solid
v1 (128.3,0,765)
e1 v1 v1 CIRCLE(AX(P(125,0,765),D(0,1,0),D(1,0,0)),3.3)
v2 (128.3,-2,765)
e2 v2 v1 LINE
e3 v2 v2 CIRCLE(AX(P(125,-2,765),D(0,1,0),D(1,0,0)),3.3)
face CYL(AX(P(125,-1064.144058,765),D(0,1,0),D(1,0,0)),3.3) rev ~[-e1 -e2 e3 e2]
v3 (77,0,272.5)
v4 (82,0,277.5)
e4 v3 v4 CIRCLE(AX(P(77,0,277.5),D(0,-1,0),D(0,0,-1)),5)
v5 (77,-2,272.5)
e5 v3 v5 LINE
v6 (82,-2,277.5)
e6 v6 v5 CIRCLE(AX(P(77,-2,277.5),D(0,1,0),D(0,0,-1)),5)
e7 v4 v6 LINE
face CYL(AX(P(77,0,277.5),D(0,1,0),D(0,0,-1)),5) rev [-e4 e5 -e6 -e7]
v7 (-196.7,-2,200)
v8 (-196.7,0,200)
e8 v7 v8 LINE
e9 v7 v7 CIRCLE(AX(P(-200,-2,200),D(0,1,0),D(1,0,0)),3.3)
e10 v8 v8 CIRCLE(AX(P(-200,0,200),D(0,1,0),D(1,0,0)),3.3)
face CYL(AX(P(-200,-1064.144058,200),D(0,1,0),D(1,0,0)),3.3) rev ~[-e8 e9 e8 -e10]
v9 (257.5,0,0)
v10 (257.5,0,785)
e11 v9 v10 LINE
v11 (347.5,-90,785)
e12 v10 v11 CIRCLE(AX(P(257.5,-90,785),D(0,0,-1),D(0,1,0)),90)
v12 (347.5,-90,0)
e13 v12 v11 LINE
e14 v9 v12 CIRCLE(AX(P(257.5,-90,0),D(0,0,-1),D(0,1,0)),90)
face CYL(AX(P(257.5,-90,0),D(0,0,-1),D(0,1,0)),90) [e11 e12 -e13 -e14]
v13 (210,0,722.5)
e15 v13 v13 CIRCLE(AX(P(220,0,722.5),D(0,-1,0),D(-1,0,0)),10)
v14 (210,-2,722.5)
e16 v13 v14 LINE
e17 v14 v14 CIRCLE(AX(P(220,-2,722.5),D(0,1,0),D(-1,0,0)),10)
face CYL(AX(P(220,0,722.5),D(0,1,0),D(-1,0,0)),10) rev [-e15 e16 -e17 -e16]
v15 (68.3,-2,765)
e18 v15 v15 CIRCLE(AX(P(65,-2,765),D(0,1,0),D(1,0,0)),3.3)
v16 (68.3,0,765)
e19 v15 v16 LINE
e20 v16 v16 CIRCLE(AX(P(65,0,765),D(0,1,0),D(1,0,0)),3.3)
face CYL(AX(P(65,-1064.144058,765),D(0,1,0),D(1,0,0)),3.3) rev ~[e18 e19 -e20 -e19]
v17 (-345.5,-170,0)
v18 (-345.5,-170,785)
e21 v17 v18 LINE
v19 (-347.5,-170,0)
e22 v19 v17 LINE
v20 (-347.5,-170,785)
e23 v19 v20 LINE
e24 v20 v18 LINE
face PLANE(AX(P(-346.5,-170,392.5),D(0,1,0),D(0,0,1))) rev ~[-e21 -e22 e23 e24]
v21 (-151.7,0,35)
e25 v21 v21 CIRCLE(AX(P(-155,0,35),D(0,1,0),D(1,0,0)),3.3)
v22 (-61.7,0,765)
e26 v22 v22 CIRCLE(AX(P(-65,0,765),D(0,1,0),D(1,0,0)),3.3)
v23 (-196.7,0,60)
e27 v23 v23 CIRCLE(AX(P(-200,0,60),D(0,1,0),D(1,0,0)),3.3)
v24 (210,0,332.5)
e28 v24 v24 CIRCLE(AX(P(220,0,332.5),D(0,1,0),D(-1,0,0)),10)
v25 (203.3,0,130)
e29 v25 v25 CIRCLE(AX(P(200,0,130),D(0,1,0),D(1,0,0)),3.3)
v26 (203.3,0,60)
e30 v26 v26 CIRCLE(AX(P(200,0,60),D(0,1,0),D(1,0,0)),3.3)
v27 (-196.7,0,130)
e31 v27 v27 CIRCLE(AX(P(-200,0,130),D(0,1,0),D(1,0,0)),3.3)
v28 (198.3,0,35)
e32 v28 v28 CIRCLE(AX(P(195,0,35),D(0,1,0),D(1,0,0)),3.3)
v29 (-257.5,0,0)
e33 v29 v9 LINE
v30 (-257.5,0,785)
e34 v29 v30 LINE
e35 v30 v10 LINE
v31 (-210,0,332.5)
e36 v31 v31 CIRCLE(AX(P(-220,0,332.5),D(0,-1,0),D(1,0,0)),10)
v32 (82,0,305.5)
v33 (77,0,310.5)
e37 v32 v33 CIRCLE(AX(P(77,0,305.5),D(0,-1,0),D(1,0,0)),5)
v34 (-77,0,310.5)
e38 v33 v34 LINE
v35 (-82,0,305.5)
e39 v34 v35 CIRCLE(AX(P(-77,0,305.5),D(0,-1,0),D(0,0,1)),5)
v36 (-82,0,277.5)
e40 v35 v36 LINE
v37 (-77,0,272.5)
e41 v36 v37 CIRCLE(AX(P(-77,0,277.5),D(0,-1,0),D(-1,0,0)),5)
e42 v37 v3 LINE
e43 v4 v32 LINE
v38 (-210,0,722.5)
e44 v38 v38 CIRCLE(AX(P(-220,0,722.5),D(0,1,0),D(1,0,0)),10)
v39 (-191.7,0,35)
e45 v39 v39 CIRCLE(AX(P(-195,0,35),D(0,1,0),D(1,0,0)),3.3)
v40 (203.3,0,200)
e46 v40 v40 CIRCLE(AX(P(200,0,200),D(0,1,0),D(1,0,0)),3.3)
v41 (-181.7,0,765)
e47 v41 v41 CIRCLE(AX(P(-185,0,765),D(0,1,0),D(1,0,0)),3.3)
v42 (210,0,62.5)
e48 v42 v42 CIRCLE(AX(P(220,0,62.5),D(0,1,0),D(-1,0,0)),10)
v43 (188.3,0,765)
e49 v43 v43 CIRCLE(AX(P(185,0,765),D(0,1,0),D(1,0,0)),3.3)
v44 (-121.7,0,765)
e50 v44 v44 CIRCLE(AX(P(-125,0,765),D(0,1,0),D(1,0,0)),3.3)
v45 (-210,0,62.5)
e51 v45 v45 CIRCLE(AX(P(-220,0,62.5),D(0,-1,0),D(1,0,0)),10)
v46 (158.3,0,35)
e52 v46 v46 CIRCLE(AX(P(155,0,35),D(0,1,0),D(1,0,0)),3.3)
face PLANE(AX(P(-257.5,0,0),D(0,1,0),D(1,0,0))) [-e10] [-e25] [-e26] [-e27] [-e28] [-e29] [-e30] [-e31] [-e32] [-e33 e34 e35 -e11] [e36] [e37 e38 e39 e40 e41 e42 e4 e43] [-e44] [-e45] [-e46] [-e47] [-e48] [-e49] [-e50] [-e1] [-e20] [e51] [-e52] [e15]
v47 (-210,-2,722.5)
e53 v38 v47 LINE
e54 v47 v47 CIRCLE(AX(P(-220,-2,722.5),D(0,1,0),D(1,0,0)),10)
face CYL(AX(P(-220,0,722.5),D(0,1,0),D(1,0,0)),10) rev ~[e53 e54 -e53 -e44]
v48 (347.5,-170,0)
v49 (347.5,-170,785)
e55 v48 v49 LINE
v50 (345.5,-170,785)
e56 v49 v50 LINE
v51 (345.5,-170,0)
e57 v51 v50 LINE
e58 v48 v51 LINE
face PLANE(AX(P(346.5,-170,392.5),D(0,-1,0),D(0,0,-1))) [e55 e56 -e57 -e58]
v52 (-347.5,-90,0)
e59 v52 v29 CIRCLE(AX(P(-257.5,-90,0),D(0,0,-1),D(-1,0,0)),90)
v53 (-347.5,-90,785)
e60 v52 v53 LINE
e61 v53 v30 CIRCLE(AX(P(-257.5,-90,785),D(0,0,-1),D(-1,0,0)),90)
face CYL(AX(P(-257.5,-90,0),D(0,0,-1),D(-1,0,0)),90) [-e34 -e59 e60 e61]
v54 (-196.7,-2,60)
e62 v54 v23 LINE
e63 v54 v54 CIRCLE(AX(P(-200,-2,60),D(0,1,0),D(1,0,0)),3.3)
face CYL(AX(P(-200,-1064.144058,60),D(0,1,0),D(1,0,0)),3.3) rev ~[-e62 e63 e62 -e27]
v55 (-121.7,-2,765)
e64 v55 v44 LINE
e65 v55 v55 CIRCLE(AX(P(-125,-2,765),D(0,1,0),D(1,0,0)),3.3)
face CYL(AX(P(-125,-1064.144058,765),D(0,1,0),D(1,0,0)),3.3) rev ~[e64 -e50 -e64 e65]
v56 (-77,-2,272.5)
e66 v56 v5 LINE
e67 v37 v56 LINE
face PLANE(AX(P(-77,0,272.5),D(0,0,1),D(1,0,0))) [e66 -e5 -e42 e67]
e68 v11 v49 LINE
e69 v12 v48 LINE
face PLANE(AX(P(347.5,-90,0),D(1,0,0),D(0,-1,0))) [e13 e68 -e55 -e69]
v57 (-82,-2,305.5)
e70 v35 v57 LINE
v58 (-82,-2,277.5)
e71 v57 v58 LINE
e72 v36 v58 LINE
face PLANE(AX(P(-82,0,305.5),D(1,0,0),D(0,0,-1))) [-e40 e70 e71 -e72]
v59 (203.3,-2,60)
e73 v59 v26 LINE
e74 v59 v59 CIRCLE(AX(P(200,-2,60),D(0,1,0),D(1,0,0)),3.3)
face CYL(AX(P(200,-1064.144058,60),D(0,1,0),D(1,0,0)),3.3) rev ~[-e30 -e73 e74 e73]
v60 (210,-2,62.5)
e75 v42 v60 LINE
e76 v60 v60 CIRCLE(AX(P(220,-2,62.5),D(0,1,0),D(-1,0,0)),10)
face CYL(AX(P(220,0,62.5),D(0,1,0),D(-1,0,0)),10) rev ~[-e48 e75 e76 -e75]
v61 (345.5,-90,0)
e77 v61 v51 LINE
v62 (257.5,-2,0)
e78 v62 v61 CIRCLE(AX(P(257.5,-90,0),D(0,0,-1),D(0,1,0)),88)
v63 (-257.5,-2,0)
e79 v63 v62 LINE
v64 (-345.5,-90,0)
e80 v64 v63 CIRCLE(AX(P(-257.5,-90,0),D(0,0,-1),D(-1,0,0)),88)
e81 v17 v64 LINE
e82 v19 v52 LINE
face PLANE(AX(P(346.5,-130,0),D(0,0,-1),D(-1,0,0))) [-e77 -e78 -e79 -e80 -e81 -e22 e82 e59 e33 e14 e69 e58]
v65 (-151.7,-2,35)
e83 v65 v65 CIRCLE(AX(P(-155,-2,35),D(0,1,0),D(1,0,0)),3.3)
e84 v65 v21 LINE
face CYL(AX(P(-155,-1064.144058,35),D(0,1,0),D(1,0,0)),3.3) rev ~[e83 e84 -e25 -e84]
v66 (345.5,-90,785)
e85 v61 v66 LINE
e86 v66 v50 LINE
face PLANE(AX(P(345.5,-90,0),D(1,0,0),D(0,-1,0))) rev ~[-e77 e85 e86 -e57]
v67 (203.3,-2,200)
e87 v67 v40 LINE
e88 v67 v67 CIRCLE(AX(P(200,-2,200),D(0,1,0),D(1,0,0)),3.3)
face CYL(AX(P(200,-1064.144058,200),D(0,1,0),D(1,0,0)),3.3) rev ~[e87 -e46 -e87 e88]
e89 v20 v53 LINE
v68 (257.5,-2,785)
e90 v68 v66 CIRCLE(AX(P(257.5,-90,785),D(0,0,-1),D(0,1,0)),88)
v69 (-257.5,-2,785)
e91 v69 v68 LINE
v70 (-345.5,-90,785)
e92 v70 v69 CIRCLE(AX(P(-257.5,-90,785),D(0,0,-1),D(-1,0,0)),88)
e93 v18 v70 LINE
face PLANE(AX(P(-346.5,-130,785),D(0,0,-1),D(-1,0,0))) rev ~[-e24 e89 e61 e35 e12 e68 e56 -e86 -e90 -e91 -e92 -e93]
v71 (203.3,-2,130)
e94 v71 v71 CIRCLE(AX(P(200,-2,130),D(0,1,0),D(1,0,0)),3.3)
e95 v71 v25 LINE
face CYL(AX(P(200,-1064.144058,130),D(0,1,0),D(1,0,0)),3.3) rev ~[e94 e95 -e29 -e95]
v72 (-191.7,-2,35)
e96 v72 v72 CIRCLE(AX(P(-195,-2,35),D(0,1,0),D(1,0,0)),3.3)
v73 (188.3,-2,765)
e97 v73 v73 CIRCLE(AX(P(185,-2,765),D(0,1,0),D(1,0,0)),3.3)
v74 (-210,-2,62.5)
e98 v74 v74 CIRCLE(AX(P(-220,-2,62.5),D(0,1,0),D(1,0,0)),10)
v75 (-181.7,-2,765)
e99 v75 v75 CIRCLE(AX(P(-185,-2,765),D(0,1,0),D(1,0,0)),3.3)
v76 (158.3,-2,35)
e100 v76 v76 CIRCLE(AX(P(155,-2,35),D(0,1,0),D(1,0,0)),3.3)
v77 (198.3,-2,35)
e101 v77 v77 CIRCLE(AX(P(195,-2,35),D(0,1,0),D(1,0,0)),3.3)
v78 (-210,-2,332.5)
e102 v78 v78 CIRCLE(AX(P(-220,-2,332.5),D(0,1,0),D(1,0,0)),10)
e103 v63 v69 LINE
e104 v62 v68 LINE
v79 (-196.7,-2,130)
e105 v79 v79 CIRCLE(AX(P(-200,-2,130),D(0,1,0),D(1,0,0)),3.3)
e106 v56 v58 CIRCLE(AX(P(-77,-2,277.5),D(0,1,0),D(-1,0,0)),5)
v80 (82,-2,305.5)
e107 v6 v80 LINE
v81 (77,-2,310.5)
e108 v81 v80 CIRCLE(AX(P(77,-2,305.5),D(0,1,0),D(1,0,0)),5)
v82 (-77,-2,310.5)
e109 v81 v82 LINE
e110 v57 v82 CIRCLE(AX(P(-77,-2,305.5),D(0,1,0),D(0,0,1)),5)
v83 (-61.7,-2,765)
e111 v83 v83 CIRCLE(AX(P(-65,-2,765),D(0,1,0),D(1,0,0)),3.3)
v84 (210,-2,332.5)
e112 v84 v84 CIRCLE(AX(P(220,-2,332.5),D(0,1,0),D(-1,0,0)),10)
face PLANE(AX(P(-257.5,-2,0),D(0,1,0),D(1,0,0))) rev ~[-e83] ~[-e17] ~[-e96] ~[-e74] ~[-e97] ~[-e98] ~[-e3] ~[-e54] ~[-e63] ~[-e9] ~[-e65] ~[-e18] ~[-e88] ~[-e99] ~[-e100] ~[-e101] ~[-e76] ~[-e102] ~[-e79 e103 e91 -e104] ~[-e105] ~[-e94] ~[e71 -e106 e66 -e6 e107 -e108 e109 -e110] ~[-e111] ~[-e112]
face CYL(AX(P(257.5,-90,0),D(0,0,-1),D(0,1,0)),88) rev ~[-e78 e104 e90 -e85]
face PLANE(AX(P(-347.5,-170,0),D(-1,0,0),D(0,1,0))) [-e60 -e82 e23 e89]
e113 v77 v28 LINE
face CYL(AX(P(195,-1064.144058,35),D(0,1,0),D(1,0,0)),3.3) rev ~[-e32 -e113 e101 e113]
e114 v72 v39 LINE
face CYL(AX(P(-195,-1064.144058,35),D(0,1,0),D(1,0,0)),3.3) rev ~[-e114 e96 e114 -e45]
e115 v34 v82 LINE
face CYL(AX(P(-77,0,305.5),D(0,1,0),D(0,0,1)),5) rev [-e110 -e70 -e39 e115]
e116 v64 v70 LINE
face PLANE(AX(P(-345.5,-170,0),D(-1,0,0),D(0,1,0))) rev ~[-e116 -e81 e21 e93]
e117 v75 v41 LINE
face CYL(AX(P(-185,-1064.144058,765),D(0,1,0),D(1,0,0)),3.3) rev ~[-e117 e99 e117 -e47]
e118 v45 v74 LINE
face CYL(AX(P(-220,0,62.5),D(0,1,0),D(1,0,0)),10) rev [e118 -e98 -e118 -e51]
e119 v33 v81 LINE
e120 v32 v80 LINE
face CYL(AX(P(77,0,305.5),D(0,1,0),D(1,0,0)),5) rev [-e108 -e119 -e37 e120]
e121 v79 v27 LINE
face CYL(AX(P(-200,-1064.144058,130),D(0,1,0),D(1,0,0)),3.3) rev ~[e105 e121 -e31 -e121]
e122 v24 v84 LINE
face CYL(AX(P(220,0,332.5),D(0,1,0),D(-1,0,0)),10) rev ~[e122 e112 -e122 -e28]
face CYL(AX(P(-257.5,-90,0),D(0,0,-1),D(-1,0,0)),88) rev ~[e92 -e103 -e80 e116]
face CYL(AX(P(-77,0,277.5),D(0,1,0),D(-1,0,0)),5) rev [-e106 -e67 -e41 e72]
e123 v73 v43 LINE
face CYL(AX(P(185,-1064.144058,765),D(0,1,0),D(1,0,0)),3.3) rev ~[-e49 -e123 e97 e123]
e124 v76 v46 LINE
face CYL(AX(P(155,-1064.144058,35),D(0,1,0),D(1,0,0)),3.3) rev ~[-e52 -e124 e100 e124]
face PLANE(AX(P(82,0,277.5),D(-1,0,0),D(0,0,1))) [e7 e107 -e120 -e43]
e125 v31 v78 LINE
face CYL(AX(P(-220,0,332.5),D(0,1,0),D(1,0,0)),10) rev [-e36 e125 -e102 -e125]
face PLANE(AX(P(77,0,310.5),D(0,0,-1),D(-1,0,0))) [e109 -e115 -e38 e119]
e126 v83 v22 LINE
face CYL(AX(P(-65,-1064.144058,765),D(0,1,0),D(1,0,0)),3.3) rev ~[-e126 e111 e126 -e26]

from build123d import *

# Parameters (mm, degrees)
SURFACE_EXTRUDE1_1_DEPTH   = 785
THICKEN1_T2                = 2
SKETCH2_R                  = 10
CUT_EXTRUDE1_DEPTH         = 171
SKETCH3_R                  = 10
CUT_EXTRUDE2_DEPTH         = 171
MIRROR2_COPY_1_SKETCH_R    = 10
MIRROR2_COPY_1_DEPTH       = 171
CUT_EXTRUDE3_DEPTH         = 171
F_6_6_6_6_DIAMETER_SLOT1_D = 6.6


with BuildPart() as body_1:
    # Surface-Extrude1: a surface, the sketch's curves swept straight by 785 mm
    with BuildLine(Plane.XY, mode=Mode.PRIVATE) as surface_extrude1_1_path:
        Line((-347.5, -170), (-347.5, -90))
        ThreePointArc((-347.5, -90), (-321.139610307, -26.360389693), (-257.5, 0))
        Line((-257.5, 0), (257.5, 0))
        ThreePointArc((257.5, 0), (321.139610307, -26.360389693), (347.5, -90))
        Line((347.5, -90), (347.5, -170))
    surface_extrude1_1 = Shell.extrude(surface_extrude1_1_path.wire(), (0 * SURFACE_EXTRUDE1_1_DEPTH, 0 * SURFACE_EXTRUDE1_1_DEPTH, 1 * SURFACE_EXTRUDE1_1_DEPTH))
    add(Solid.thicken(surface_extrude1_1, -THICKEN1_T2))

    # Sketch2 → Cut-Extrude1 (cut, through all)
    with BuildSketch(Plane(origin=(0, 0, 0), x_dir=(1, 0, 0), z_dir=(0, 1, 0))):
        with Locations(Location((220, -62.5, 0), (0, 0, 180))):  # turned: the seam where the file's is
            Circle(SKETCH2_R)
    cut_extrude1 = extrude(amount=-CUT_EXTRUDE1_DEPTH, mode=Mode.SUBTRACT)

    # Mirror1: Cut-Extrude1 across plane
    add(cut_extrude1.mirror(Plane(origin=(0, 0, 392.5), x_dir=(1, 0, 0), z_dir=(0, 0, -1))), mode=Mode.SUBTRACT)

    # Sketch3 → Cut-Extrude2 (cut, through all)
    with BuildSketch(Plane(origin=(0, 0, 0), x_dir=(1, 0, 0), z_dir=(0, 1, 0))):
        with Locations(Location((220, -332.5, 0), (0, 0, 180))):  # turned: the seam where the file's is
            Circle(SKETCH3_R)
    cut_extrude2 = extrude(amount=-CUT_EXTRUDE2_DEPTH, mode=Mode.SUBTRACT)

    # Mirror2: Cut-Extrude2, Cut-Extrude1 across plane
    add(cut_extrude2.mirror(Plane.ZY), mode=Mode.SUBTRACT)
    add(cut_extrude1.mirror(Plane.ZY), mode=Mode.SUBTRACT)

    # Mirror2 copy 1 sketch → Mirror2 copy 1 (cut, through all)
    with BuildSketch(Plane(origin=(0, 0, 785), x_dir=(-1, 0, 0), z_dir=(0, 1, 0))):
        with Locations(Location((220, -62.5, 0), (0, 0, 180))):  # turned: the seam where the file's is
            Circle(MIRROR2_COPY_1_SKETCH_R)
    extrude(amount=-MIRROR2_COPY_1_DEPTH, mode=Mode.SUBTRACT)

    # Sketch4 → Cut-Extrude3 (cut, through all)
    with BuildSketch(Plane(origin=(0, 0, 0), x_dir=(1, 0, 0), z_dir=(0, 1, 0))):
        with BuildLine():
            Line((77, -310.5), (-77, -310.5))
            ThreePointArc((-77, -310.5), (-80.535533906, -309.035533906), (-82, -305.5))
            Line((-82, -305.5), (-82, -277.5))
            ThreePointArc((-82, -277.5), (-80.535533906, -273.964466094), (-77, -272.5))
            Line((-77, -272.5), (77, -272.5))
            ThreePointArc((77, -272.5), (80.535533906, -273.964466094), (82, -277.5))
            Line((82, -277.5), (82, -305.5))
            ThreePointArc((82, -305.5), (80.535533906, -309.035533906), (77, -310.5))
        make_face()
    extrude(amount=-CUT_EXTRUDE3_DEPTH, mode=Mode.SUBTRACT)

    # Ø6.6 (6.6) Diameter Slot1 (through all)
    with Locations(Plane(origin=(0, -2, 0), x_dir=(-1, 0, 0), z_dir=(0, -1, 0))):
        with Locations((185, -765), (125, -765), (65, -765), (-65, -765), (-125, -765), (-185, -765), (200, -200), (200, -130), (155, -35), (195, -35), (200, -60), (-195, -35), (-155, -35), (-200, -60), (-200, -130), (-200, -200)):
            Hole(F_6_6_6_6_DIAMETER_SLOT1_D / 2)


solid = body_1.part
